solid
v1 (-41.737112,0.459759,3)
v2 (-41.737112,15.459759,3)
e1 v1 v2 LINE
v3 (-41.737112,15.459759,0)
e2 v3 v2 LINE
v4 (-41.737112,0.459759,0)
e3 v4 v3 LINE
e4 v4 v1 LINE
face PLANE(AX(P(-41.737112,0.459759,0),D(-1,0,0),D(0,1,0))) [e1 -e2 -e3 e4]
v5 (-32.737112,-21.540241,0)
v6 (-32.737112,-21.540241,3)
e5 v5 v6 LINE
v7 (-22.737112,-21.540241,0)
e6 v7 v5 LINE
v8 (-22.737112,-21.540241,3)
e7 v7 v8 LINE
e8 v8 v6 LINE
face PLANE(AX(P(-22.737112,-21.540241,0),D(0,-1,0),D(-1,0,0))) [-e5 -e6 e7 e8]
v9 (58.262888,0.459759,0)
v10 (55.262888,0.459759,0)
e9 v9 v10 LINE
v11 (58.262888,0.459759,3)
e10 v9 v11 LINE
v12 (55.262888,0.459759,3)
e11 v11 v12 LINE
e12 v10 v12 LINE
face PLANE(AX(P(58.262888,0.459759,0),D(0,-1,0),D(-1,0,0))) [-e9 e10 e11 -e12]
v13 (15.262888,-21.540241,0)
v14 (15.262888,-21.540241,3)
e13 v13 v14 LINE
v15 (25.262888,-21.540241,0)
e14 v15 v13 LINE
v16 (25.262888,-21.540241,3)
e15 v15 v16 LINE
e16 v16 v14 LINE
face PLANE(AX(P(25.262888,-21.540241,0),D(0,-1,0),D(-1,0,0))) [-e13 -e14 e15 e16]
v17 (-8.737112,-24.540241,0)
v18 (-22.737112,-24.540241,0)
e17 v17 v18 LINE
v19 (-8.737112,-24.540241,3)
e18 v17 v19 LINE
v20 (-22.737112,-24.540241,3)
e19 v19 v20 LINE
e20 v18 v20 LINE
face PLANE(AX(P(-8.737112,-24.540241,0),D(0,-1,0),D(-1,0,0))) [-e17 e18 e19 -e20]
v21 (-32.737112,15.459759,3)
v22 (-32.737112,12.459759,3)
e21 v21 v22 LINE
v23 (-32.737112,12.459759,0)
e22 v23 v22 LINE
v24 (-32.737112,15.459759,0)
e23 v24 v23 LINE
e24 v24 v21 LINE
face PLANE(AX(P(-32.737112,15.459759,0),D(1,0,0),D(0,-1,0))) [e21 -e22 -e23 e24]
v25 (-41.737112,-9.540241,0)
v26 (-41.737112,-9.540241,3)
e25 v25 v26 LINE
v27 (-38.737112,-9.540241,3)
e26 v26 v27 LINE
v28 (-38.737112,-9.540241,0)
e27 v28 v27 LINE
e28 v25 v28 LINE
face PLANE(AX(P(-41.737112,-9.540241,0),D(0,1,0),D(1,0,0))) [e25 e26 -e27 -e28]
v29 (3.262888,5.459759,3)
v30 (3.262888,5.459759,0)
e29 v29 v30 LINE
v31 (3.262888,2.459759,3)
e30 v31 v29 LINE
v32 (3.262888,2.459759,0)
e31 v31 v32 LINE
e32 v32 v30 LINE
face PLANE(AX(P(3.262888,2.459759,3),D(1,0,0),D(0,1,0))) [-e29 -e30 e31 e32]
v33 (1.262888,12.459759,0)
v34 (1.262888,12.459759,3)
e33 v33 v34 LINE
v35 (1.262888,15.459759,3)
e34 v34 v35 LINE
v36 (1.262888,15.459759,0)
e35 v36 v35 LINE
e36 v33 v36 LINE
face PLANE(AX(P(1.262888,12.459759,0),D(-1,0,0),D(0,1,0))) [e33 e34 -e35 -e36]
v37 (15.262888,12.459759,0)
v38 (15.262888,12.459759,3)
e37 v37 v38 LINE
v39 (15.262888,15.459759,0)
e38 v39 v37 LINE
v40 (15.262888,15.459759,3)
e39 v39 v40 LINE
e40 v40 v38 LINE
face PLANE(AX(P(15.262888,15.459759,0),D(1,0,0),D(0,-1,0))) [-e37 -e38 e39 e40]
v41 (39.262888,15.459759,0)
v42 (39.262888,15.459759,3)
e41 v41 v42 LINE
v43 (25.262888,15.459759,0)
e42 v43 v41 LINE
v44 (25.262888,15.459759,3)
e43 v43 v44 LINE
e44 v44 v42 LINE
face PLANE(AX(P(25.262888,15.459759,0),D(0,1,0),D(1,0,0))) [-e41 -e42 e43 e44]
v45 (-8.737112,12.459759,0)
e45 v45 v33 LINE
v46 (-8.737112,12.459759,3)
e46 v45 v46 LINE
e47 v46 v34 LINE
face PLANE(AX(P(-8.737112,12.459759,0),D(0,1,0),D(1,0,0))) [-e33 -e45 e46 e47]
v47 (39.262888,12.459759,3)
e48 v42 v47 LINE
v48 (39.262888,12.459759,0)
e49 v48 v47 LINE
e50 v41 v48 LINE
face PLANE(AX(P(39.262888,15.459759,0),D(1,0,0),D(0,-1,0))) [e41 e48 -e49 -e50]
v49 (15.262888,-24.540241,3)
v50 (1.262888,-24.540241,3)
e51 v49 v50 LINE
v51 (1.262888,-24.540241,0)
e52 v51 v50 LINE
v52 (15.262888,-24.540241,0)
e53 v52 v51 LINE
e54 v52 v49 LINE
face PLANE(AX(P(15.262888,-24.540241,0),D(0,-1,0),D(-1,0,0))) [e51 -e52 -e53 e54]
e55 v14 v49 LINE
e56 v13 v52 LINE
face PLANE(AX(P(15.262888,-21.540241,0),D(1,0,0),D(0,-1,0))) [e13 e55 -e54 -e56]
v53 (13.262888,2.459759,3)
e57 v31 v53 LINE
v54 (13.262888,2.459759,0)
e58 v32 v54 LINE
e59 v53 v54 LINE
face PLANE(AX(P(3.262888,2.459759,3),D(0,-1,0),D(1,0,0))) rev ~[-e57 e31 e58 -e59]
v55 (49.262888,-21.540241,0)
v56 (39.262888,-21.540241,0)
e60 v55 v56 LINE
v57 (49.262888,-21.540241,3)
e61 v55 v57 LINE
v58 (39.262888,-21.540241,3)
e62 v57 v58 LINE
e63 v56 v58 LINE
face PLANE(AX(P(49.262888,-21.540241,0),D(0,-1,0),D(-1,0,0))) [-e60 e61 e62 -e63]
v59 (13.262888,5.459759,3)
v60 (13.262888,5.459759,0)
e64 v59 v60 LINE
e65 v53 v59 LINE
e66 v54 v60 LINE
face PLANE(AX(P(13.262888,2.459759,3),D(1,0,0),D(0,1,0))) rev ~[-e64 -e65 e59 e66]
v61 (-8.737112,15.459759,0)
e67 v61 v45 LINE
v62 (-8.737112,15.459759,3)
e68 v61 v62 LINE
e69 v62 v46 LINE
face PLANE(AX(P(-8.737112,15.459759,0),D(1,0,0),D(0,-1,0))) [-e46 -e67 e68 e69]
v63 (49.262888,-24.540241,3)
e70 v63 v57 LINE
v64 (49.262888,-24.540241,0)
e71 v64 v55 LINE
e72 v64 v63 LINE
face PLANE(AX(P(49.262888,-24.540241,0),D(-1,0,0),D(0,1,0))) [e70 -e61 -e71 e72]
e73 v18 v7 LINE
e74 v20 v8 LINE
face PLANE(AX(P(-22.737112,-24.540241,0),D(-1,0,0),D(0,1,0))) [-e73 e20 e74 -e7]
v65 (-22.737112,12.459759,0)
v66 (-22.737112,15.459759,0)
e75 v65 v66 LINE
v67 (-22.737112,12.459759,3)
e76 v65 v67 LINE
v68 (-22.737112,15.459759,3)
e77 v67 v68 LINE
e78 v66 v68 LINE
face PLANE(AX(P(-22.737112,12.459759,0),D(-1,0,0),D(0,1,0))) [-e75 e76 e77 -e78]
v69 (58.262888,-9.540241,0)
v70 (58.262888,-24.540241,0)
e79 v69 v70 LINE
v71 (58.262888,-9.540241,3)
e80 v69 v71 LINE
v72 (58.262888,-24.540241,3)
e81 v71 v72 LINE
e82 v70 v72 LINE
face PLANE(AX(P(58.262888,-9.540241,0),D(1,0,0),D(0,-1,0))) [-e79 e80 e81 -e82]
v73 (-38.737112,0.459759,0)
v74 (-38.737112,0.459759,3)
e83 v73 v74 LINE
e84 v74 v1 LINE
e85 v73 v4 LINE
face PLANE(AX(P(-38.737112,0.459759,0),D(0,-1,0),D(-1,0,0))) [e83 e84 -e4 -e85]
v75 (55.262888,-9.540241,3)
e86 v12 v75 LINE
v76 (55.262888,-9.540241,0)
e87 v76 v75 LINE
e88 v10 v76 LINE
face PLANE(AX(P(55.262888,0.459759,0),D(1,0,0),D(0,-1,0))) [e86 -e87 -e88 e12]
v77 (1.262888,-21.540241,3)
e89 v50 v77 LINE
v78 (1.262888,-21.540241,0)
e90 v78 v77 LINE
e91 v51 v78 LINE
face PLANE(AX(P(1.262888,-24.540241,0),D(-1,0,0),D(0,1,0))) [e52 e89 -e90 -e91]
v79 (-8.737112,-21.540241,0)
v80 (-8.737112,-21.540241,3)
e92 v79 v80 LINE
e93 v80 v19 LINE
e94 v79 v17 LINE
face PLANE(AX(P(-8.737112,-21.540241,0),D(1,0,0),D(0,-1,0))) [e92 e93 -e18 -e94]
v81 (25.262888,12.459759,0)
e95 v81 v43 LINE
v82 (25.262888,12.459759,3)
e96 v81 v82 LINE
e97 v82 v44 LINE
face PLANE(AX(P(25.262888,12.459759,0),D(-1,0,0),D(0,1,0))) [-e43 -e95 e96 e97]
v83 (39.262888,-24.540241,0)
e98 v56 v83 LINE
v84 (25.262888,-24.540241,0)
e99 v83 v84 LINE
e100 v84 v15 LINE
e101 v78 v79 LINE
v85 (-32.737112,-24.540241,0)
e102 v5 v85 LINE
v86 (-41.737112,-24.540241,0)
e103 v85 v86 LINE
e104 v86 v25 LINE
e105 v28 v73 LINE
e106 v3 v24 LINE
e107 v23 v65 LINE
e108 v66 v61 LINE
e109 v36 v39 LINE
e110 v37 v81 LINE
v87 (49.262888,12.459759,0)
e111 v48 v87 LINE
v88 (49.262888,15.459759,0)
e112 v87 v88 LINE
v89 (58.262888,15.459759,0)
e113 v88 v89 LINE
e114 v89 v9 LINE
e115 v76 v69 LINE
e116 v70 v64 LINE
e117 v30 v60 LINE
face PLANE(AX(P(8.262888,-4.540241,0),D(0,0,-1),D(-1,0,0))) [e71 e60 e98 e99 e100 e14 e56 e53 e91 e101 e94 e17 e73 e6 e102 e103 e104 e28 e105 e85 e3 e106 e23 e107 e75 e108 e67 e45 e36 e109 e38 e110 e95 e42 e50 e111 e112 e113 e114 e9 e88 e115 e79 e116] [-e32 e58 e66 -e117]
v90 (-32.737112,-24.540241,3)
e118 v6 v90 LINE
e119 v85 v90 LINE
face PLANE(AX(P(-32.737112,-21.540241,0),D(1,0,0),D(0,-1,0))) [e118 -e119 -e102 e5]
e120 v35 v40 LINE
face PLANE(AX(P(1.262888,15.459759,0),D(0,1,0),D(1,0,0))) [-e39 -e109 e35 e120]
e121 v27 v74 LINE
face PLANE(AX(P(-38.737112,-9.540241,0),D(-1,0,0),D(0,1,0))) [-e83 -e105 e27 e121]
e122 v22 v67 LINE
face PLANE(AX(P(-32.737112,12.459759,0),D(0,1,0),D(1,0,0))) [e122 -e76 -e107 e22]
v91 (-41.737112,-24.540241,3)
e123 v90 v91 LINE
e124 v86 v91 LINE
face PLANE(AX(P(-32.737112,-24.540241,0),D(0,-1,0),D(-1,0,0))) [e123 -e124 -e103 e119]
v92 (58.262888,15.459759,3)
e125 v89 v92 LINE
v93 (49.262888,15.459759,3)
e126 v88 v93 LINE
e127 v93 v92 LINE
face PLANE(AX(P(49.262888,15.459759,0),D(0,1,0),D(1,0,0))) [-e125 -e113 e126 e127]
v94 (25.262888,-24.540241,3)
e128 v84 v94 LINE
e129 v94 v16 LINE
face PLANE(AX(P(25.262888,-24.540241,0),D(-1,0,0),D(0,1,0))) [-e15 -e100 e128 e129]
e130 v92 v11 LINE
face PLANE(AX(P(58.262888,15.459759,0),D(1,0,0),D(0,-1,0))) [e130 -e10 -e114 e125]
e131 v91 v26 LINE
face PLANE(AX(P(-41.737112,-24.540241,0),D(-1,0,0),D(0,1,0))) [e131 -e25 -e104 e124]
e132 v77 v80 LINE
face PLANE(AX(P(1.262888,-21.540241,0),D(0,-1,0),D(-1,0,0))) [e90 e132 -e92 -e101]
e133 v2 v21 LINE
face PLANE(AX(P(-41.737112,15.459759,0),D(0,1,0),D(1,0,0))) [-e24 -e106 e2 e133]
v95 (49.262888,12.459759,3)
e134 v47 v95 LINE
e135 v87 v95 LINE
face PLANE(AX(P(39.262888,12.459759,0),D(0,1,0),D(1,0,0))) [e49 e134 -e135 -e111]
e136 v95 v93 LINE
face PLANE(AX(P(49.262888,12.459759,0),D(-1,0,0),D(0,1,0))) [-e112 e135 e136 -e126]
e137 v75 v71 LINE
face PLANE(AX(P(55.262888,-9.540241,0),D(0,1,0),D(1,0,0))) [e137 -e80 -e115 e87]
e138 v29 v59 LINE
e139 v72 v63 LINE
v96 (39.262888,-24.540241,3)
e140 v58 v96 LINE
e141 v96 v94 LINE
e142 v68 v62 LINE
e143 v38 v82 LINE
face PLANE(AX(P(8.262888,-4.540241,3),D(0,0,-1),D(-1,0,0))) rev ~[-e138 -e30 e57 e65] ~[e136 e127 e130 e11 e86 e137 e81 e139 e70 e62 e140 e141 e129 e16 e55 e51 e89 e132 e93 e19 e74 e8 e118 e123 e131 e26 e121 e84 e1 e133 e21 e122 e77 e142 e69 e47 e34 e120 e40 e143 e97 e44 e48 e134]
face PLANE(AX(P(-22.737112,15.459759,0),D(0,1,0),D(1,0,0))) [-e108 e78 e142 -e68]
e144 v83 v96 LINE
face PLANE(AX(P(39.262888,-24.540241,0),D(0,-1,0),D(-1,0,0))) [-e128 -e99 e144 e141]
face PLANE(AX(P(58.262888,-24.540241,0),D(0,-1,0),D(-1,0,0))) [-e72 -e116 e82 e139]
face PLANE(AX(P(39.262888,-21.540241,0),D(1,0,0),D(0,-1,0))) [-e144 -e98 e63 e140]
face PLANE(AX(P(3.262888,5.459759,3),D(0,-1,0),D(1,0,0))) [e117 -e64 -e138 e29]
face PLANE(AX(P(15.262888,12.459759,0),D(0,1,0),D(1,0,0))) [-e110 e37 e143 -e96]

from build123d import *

# Parameters (mm, degrees)
EXTRUDE_1_DEPTH     = 3
SKETCH_2_W          = 10
SKETCH_2_H          = 3
CUT_EXTRUDE_1_DEPTH = 3


with BuildPart() as part:
    # 草圖1 → 填料-伸長1 (new body)
    with BuildSketch(Plane.XY):
        Polygon((49.262888429, -24.540240663), (49.262888429, -21.540240663), (39.262888429, -21.540240663), (39.262888429, -24.540240663), (25.262888429, -24.540240663), (25.262888429, -21.540240663), (15.262888429, -21.540240663), (15.262888429, -24.540240663), (1.262888429, -24.540240663), (1.262888429, -21.540240663), (-8.737111571, -21.540240663), (-8.737111571, -24.540240663), (-22.737111571, -24.540240663), (-22.737111571, -21.540240663), (-32.737111571, -21.540240663), (-32.737111571, -24.540240663), (-41.737111571, -24.540240663), (-41.737111571, -9.540240663), (-38.737111571, -9.540240663), (-38.737111571, 0.459759337), (-41.737111571, 0.459759337), (-41.737111571, 15.459759337), (-32.737111571, 15.459759337), (-32.737111571, 12.459759337), (-22.737111571, 12.459759337), (-22.737111571, 15.459759337), (-8.737111571, 15.459759337), (-8.737111571, 12.459759337), (1.262888429, 12.459759337), (1.262888429, 15.459759337), (15.262888429, 15.459759337), (15.262888429, 12.459759337), (25.262888429, 12.459759337), (25.262888429, 15.459759337), (39.262888429, 15.459759337), (39.262888429, 12.459759337), (49.262888429, 12.459759337), (49.262888429, 15.459759337), (58.262888429, 15.459759337), (58.262888429, 0.459759337), (55.262888429, 0.459759337), (55.262888429, -9.540240663), (58.262888429, -9.540240663), (58.262888429, -24.540240663), align=None)
    extrude(amount=EXTRUDE_1_DEPTH)

    # 草圖2 → 除料-伸長1 (cut)
    with BuildSketch(Plane.XY.offset(3)):
        with Locations((8.262888429, 3.959759337)):
            Rectangle(SKETCH_2_W, SKETCH_2_H)
    extrude(amount=-CUT_EXTRUDE_1_DEPTH, mode=Mode.SUBTRACT)


solid = part.part
